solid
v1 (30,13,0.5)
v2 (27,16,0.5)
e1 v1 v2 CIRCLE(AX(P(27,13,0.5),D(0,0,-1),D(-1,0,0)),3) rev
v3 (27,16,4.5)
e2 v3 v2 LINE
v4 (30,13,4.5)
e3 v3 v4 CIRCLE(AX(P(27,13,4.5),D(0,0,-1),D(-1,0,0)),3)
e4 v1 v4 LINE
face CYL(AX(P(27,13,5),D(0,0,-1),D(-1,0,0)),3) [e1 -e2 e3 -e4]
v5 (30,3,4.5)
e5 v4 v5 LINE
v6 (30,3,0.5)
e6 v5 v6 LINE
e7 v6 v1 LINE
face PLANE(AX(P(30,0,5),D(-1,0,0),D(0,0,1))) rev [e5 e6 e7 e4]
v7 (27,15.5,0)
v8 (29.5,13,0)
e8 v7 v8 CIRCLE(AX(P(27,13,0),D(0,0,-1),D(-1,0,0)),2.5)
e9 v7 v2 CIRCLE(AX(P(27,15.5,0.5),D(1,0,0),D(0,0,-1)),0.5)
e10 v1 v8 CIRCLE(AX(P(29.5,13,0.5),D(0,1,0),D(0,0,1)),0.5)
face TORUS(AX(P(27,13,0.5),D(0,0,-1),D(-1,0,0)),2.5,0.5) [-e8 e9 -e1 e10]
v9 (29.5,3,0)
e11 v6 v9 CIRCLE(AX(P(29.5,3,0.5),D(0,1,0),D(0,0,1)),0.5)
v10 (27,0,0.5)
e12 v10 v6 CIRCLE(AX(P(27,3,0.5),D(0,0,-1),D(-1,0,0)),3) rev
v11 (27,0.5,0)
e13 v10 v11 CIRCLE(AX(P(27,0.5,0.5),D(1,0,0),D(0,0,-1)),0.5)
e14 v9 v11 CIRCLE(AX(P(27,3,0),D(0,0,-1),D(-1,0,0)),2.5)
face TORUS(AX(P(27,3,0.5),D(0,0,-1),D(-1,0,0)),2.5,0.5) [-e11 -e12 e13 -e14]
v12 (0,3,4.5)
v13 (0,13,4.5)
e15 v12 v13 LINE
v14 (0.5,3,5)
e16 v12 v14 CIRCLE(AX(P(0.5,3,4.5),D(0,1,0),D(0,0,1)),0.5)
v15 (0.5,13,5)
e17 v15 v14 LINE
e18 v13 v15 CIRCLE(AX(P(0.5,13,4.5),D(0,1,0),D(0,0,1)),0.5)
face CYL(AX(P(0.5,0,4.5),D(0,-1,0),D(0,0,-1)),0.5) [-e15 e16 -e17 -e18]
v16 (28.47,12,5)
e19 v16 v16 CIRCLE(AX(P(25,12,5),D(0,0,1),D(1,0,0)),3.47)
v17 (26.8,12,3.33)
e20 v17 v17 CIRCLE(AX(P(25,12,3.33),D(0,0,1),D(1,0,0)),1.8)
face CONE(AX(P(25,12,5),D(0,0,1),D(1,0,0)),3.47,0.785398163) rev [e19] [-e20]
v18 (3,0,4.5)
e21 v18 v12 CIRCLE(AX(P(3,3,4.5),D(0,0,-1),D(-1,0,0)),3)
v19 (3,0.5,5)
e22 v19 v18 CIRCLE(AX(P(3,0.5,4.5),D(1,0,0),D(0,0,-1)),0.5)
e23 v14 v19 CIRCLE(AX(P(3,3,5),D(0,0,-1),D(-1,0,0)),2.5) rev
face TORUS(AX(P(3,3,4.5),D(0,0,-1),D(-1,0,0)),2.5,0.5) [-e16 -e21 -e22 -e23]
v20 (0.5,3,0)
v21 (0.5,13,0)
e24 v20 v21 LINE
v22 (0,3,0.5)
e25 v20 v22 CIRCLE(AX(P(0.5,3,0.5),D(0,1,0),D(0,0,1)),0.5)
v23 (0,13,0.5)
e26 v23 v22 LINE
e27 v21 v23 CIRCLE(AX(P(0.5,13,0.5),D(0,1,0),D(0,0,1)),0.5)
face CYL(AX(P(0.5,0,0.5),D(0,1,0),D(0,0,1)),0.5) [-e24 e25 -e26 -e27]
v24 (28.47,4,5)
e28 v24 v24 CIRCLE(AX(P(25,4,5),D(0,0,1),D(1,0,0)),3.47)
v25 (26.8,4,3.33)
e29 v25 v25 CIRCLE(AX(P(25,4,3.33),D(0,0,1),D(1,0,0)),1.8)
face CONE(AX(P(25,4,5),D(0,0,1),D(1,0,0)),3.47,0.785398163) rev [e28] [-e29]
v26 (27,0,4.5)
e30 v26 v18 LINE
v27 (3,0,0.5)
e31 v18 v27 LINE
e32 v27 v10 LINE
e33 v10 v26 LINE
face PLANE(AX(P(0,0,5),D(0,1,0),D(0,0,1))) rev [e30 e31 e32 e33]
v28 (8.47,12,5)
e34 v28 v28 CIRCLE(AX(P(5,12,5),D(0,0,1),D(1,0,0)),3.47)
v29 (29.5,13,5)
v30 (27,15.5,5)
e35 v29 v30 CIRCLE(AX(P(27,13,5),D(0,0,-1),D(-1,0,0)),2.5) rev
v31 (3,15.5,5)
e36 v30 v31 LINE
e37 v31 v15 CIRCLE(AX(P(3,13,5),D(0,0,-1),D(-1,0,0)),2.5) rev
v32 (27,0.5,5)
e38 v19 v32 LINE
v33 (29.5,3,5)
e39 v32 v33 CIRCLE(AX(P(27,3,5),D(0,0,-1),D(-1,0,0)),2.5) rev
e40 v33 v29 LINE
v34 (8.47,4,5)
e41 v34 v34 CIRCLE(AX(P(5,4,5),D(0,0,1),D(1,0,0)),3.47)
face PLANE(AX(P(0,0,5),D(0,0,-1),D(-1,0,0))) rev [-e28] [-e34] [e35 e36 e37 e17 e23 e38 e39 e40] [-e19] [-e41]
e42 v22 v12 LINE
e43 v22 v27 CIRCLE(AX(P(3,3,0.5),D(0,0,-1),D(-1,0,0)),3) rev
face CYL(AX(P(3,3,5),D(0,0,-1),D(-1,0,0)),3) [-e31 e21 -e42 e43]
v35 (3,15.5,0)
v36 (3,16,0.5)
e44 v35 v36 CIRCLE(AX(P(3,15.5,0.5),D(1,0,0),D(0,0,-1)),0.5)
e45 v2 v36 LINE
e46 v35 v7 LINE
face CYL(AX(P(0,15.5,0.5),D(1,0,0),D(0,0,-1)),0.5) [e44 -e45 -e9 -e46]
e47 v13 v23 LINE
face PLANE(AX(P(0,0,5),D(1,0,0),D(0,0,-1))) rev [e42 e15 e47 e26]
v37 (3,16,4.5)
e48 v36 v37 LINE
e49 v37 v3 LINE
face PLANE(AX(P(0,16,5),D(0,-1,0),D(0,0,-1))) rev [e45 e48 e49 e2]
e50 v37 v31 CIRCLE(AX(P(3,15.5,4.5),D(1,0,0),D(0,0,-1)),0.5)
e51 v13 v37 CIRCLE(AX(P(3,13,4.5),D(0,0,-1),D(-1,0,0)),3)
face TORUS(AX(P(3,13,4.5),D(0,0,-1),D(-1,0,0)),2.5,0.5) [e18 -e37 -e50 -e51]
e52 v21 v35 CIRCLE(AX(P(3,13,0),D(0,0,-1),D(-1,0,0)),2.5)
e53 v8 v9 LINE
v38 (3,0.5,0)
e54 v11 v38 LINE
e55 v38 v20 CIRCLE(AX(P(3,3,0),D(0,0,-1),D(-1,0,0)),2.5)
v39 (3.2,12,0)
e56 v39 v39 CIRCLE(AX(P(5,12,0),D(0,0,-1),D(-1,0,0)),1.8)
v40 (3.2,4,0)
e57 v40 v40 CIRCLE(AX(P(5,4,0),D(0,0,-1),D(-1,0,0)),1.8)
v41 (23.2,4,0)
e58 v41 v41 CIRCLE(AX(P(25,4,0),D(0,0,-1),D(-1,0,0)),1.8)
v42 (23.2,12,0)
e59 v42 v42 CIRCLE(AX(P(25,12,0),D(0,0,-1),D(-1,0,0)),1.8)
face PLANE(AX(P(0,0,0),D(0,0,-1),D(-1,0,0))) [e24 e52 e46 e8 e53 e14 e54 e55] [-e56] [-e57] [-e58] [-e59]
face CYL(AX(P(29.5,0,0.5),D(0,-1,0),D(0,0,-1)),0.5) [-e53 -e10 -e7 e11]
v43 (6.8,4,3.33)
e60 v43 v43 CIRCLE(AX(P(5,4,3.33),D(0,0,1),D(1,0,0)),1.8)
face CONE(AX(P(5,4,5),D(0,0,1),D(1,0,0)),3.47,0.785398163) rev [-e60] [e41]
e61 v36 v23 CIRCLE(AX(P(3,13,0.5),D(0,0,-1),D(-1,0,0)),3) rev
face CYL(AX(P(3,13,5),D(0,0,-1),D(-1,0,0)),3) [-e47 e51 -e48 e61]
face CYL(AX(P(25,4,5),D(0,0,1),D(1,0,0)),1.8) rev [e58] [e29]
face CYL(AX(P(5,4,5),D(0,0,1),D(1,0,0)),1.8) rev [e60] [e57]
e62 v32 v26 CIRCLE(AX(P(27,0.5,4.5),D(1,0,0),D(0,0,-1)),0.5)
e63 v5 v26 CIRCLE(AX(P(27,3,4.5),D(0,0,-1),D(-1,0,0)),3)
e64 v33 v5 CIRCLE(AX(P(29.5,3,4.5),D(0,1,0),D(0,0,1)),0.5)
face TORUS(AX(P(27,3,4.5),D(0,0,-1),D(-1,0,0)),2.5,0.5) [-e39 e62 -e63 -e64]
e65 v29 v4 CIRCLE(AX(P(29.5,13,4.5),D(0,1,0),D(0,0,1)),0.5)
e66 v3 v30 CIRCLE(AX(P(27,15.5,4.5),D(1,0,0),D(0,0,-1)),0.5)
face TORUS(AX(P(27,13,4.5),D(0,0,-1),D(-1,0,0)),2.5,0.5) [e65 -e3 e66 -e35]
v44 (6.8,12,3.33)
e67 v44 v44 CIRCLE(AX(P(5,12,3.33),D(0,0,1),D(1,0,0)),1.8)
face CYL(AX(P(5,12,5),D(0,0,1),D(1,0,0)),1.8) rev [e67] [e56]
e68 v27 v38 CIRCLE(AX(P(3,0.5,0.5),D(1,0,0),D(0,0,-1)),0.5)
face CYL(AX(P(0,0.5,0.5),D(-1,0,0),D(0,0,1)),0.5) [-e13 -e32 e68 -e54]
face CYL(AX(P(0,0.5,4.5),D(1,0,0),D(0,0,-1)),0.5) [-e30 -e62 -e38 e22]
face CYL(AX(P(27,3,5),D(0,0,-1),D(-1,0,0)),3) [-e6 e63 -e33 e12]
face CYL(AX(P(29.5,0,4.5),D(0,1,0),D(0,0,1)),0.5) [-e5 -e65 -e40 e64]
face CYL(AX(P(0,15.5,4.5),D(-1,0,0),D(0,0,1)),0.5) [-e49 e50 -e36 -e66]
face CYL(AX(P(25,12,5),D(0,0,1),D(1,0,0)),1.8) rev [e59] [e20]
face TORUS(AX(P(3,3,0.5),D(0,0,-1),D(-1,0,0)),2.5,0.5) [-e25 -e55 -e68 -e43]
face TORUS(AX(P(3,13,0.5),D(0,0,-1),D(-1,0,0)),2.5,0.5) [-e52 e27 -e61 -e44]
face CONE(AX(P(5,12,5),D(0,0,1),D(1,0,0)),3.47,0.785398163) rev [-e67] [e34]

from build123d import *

# Parameters (mm, degrees)
SKETCH1_W                                            = 30
SKETCH1_H                                            = 16
BOSS_EXTRUDE1_DEPTH                                  = 5
CSK_FOR_M3_HEX_SOCKET_COUNTERSUNK_HEAD_S_D           = 3.6
CSK_FOR_M3_HEX_SOCKET_COUNTERSUNK_HEAD_S_CSINK_D     = 6.94
CSK_FOR_M3_HEX_SOCKET_COUNTERSUNK_HEAD_S_CSINK_ANGLE = 90
FILLET1_R                                            = 3
FILLET2_R                                            = 0.5


with BuildPart() as part:
    # Sketch1 → Boss-Extrude1 (new body)
    with BuildSketch(Plane.XY):
        with Locations((15, 8)):
            Rectangle(SKETCH1_W, SKETCH1_H)
    extrude(amount=BOSS_EXTRUDE1_DEPTH)

    # CSK for M3 Hex Socket Countersunk Head Screw1 (through all)
    with Locations(Plane.XY.offset(5)):
        with Locations((5, 12), (25, 12), (25, 4), (5, 4)):
            CounterSinkHole(CSK_FOR_M3_HEX_SOCKET_COUNTERSUNK_HEAD_S_D / 2, CSK_FOR_M3_HEX_SOCKET_COUNTERSUNK_HEAD_S_CSINK_D / 2, counter_sink_angle=CSK_FOR_M3_HEX_SOCKET_COUNTERSUNK_HEAD_S_CSINK_ANGLE)

    # Fillet1
    fillet1_edges = [part.edges().sort_by_distance(p)[0] for p in [
        (0, 16, 2.5),
        (30, 16, 2.5),
        (30, 0, 2.5),
        (0, 0, 2.5),
    ]]
    fillet(fillet1_edges, radius=FILLET1_R)

    # Fillet2
    fillet2_edges = [part.edges().sort_by_distance(p)[0] for p in [
        (30, 8, 0),
        (30, 8, 5),
        (0, 8, 0),
        (15, 16, 0),
        (15, 0, 0),
        (0.878679656, 15.121320344, 0),
        (0.878679656, 0.878679656, 0),
        (29.121320344, 15.121320344, 0),
        (29.121320344, 0.878679656, 0),
        (15, 0, 5),
        (0, 8, 5),
        (15, 16, 5),
        (0.878679656, 15.121320344, 5),
        (0.878679656, 0.878679656, 5),
        (29.121320344, 15.121320344, 5),
        (29.121320344, 0.878679656, 5),
    ]]
    fillet(fillet2_edges, radius=FILLET2_R)


solid = part.part
